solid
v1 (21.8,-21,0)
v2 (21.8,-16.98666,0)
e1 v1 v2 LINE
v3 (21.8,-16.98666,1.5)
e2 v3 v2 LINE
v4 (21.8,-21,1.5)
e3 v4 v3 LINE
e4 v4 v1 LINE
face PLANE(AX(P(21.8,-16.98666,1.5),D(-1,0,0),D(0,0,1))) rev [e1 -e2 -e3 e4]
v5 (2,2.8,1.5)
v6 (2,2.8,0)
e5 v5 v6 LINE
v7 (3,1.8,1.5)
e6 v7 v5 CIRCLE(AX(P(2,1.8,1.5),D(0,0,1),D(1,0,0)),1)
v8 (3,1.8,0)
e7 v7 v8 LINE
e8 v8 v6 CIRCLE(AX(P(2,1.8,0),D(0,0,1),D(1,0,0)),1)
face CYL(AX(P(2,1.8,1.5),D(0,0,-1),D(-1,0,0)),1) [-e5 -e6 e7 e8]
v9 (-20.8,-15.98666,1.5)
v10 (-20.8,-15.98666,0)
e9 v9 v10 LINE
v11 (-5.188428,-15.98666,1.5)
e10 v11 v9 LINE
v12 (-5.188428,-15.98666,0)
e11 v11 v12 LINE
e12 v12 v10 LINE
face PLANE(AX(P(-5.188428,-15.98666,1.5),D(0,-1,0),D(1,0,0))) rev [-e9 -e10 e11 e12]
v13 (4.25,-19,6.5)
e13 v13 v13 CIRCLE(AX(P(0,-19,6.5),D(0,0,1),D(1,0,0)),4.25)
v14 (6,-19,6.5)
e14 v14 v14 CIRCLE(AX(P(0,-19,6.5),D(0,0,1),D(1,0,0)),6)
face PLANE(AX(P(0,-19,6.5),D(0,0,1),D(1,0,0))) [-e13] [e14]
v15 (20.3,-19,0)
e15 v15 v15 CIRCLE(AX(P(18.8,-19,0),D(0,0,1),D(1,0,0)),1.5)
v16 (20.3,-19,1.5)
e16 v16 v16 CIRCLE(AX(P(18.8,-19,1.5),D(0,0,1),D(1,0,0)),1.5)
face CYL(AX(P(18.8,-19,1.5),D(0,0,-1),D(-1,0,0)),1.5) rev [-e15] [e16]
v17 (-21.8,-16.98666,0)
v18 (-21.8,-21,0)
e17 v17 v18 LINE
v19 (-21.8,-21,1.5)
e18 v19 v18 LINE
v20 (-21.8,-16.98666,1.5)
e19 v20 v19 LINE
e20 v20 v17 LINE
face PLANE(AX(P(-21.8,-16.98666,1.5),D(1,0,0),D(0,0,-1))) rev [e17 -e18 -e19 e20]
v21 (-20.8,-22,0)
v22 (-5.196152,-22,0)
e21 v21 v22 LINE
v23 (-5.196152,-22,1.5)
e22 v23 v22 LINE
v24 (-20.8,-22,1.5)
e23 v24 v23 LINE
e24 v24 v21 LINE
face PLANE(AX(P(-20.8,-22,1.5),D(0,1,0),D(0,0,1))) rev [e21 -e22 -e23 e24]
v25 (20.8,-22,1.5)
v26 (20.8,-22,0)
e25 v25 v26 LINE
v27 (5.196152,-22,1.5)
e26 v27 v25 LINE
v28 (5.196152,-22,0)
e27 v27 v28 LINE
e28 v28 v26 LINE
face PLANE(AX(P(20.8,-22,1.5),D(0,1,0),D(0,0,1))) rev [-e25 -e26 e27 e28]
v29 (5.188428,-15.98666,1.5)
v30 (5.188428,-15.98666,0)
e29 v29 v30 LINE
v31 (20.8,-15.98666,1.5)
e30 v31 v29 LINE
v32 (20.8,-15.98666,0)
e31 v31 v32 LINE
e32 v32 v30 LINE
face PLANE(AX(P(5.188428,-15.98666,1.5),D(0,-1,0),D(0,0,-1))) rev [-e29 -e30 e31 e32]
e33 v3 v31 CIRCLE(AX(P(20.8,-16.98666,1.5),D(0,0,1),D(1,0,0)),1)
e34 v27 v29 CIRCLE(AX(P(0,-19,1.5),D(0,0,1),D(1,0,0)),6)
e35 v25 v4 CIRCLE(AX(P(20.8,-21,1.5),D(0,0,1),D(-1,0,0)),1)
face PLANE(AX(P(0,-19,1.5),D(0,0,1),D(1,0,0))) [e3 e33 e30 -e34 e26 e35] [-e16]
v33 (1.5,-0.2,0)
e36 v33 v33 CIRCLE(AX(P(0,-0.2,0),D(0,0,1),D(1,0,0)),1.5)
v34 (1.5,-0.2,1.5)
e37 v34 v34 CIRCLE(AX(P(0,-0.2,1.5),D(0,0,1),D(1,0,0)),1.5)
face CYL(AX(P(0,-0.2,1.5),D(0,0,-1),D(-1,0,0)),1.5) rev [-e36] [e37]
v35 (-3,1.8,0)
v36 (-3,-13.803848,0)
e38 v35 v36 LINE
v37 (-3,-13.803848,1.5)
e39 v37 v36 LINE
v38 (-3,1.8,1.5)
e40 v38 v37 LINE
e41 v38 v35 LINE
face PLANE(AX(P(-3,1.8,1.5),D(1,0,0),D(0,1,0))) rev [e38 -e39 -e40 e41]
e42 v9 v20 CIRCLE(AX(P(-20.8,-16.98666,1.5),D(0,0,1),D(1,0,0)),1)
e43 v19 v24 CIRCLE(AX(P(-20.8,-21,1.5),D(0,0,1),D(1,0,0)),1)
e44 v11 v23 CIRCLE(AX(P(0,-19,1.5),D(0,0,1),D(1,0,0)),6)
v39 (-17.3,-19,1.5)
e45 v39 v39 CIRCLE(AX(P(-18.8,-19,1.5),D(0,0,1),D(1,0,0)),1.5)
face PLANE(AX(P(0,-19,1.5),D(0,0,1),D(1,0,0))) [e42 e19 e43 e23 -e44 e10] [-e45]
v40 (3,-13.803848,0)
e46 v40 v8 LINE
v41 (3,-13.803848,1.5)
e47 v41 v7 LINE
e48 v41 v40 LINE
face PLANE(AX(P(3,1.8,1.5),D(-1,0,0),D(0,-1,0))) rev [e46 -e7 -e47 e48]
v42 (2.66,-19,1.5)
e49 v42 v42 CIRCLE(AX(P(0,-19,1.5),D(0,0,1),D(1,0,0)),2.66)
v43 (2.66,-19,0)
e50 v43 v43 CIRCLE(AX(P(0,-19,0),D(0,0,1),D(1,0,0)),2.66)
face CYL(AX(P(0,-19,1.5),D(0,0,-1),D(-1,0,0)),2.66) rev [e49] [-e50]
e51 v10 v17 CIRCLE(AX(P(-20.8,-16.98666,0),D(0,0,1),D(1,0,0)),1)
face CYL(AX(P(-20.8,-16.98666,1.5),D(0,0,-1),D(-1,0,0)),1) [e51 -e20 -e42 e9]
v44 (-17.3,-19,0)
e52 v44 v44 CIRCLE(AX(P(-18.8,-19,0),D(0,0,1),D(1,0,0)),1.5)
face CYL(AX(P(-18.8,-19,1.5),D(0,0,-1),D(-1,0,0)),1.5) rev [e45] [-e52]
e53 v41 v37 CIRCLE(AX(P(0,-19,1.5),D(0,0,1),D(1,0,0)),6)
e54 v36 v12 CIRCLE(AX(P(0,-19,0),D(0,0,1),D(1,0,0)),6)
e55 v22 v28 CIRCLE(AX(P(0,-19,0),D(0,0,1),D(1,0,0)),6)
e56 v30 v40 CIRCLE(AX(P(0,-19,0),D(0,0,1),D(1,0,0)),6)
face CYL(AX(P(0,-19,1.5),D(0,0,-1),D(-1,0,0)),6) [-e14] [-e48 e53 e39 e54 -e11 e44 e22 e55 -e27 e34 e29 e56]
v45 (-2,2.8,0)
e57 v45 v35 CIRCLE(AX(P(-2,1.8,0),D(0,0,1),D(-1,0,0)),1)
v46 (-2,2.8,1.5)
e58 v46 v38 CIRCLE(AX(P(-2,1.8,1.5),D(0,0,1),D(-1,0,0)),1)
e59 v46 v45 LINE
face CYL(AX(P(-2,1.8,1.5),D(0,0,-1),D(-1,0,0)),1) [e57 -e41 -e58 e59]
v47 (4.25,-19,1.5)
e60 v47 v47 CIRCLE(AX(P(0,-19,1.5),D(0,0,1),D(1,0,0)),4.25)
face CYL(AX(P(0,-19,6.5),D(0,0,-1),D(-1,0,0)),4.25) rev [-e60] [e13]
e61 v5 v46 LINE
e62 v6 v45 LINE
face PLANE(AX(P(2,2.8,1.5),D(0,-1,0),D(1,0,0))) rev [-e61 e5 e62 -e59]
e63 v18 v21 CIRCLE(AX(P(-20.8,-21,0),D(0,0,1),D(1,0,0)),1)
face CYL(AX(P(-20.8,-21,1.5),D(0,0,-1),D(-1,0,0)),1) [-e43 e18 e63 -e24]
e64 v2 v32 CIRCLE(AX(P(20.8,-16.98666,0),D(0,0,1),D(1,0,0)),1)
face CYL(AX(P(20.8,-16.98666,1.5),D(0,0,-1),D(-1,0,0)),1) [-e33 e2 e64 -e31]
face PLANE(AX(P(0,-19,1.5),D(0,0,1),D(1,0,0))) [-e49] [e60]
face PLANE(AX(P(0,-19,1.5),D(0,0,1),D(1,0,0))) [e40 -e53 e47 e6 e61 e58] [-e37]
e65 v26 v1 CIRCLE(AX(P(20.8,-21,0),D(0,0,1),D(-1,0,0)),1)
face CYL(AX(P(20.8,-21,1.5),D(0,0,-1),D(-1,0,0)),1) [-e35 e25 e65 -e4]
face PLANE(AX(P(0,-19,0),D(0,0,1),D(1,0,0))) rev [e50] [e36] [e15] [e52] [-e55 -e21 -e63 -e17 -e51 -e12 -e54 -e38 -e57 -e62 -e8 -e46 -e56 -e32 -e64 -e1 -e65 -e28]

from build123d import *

# Parameters (mm, degrees)
SKETCH_2_R      = 2.66
SKETCH_2_R_2    = 1.5
EXTRUDE_1_DEPTH = 1.5
SKETCH_3_R      = 6
SKETCH_3_R_2    = 4.25
EXTRUDE_2_DEPTH = 5


with BuildPart() as part:
    # 草图2 → 凸台-拉伸1 (new body)
    with BuildSketch(Plane.XY):
        with BuildLine():
            Line((-5.188427748, -15.986660076), (-20.8, -15.986660076))
            ThreePointArc((-20.8, -15.986660076), (-21.507106781, -16.279553295), (-21.8, -16.986660076))
            Line((-21.8, -16.986660076), (-21.8, -21))
            ThreePointArc((-21.8, -21), (-21.507106781, -21.707106781), (-20.8, -22))
            Line((-20.8, -22), (-5.196152423, -22))
            ThreePointArc((-5.196152423, -22), (0, -25), (5.196152423, -22))
            Line((5.196152423, -22), (20.8, -22))
            ThreePointArc((20.8, -22), (21.507106781, -21.707106781), (21.8, -21))
            Line((21.8, -21), (21.8, -16.986660076))
            ThreePointArc((21.8, -16.986660076), (21.507106781, -16.279553295), (20.8, -15.986660076))
            Line((20.8, -15.986660076), (5.188427748, -15.986660076))
            ThreePointArc((5.188427748, -15.986660076), (4.237187139, -14.751912766), (3, -13.803847577))
            Line((3, -13.803847577), (3, 1.8))
            ThreePointArc((3, 1.8), (2.707106781, 2.507106781), (2, 2.8))
            Line((2, 2.8), (-2, 2.8))
            ThreePointArc((-2, 2.8), (-2.707106781, 2.507106781), (-3, 1.8))
            Line((-3, 1.8), (-3, -13.803847577))
            ThreePointArc((-3, -13.803847577), (-4.237187139, -14.751912766), (-5.188427748, -15.986660076))
        make_face()
        with Locations((0, -19)):
            Circle(SKETCH_2_R, mode=Mode.SUBTRACT)
        with Locations((-18.8, -19)):
            Circle(SKETCH_2_R_2, mode=Mode.SUBTRACT)
        with Locations((18.8, -19)):
            Circle(SKETCH_2_R_2, mode=Mode.SUBTRACT)
        with Locations((0, -0.2)):
            Circle(SKETCH_2_R_2, mode=Mode.SUBTRACT)
    extrude(amount=EXTRUDE_1_DEPTH)

    # 草图3 → 凸台-拉伸2 (add)
    with BuildSketch(Plane.XY.offset(1.5)):
        with Locations(Location((0, -19, 0), (0, 0, 210))):
            Circle(SKETCH_3_R)
        with Locations((0, -19)):
            Circle(SKETCH_3_R_2, mode=Mode.SUBTRACT)
    extrude(amount=EXTRUDE_2_DEPTH)


solid = part.part
